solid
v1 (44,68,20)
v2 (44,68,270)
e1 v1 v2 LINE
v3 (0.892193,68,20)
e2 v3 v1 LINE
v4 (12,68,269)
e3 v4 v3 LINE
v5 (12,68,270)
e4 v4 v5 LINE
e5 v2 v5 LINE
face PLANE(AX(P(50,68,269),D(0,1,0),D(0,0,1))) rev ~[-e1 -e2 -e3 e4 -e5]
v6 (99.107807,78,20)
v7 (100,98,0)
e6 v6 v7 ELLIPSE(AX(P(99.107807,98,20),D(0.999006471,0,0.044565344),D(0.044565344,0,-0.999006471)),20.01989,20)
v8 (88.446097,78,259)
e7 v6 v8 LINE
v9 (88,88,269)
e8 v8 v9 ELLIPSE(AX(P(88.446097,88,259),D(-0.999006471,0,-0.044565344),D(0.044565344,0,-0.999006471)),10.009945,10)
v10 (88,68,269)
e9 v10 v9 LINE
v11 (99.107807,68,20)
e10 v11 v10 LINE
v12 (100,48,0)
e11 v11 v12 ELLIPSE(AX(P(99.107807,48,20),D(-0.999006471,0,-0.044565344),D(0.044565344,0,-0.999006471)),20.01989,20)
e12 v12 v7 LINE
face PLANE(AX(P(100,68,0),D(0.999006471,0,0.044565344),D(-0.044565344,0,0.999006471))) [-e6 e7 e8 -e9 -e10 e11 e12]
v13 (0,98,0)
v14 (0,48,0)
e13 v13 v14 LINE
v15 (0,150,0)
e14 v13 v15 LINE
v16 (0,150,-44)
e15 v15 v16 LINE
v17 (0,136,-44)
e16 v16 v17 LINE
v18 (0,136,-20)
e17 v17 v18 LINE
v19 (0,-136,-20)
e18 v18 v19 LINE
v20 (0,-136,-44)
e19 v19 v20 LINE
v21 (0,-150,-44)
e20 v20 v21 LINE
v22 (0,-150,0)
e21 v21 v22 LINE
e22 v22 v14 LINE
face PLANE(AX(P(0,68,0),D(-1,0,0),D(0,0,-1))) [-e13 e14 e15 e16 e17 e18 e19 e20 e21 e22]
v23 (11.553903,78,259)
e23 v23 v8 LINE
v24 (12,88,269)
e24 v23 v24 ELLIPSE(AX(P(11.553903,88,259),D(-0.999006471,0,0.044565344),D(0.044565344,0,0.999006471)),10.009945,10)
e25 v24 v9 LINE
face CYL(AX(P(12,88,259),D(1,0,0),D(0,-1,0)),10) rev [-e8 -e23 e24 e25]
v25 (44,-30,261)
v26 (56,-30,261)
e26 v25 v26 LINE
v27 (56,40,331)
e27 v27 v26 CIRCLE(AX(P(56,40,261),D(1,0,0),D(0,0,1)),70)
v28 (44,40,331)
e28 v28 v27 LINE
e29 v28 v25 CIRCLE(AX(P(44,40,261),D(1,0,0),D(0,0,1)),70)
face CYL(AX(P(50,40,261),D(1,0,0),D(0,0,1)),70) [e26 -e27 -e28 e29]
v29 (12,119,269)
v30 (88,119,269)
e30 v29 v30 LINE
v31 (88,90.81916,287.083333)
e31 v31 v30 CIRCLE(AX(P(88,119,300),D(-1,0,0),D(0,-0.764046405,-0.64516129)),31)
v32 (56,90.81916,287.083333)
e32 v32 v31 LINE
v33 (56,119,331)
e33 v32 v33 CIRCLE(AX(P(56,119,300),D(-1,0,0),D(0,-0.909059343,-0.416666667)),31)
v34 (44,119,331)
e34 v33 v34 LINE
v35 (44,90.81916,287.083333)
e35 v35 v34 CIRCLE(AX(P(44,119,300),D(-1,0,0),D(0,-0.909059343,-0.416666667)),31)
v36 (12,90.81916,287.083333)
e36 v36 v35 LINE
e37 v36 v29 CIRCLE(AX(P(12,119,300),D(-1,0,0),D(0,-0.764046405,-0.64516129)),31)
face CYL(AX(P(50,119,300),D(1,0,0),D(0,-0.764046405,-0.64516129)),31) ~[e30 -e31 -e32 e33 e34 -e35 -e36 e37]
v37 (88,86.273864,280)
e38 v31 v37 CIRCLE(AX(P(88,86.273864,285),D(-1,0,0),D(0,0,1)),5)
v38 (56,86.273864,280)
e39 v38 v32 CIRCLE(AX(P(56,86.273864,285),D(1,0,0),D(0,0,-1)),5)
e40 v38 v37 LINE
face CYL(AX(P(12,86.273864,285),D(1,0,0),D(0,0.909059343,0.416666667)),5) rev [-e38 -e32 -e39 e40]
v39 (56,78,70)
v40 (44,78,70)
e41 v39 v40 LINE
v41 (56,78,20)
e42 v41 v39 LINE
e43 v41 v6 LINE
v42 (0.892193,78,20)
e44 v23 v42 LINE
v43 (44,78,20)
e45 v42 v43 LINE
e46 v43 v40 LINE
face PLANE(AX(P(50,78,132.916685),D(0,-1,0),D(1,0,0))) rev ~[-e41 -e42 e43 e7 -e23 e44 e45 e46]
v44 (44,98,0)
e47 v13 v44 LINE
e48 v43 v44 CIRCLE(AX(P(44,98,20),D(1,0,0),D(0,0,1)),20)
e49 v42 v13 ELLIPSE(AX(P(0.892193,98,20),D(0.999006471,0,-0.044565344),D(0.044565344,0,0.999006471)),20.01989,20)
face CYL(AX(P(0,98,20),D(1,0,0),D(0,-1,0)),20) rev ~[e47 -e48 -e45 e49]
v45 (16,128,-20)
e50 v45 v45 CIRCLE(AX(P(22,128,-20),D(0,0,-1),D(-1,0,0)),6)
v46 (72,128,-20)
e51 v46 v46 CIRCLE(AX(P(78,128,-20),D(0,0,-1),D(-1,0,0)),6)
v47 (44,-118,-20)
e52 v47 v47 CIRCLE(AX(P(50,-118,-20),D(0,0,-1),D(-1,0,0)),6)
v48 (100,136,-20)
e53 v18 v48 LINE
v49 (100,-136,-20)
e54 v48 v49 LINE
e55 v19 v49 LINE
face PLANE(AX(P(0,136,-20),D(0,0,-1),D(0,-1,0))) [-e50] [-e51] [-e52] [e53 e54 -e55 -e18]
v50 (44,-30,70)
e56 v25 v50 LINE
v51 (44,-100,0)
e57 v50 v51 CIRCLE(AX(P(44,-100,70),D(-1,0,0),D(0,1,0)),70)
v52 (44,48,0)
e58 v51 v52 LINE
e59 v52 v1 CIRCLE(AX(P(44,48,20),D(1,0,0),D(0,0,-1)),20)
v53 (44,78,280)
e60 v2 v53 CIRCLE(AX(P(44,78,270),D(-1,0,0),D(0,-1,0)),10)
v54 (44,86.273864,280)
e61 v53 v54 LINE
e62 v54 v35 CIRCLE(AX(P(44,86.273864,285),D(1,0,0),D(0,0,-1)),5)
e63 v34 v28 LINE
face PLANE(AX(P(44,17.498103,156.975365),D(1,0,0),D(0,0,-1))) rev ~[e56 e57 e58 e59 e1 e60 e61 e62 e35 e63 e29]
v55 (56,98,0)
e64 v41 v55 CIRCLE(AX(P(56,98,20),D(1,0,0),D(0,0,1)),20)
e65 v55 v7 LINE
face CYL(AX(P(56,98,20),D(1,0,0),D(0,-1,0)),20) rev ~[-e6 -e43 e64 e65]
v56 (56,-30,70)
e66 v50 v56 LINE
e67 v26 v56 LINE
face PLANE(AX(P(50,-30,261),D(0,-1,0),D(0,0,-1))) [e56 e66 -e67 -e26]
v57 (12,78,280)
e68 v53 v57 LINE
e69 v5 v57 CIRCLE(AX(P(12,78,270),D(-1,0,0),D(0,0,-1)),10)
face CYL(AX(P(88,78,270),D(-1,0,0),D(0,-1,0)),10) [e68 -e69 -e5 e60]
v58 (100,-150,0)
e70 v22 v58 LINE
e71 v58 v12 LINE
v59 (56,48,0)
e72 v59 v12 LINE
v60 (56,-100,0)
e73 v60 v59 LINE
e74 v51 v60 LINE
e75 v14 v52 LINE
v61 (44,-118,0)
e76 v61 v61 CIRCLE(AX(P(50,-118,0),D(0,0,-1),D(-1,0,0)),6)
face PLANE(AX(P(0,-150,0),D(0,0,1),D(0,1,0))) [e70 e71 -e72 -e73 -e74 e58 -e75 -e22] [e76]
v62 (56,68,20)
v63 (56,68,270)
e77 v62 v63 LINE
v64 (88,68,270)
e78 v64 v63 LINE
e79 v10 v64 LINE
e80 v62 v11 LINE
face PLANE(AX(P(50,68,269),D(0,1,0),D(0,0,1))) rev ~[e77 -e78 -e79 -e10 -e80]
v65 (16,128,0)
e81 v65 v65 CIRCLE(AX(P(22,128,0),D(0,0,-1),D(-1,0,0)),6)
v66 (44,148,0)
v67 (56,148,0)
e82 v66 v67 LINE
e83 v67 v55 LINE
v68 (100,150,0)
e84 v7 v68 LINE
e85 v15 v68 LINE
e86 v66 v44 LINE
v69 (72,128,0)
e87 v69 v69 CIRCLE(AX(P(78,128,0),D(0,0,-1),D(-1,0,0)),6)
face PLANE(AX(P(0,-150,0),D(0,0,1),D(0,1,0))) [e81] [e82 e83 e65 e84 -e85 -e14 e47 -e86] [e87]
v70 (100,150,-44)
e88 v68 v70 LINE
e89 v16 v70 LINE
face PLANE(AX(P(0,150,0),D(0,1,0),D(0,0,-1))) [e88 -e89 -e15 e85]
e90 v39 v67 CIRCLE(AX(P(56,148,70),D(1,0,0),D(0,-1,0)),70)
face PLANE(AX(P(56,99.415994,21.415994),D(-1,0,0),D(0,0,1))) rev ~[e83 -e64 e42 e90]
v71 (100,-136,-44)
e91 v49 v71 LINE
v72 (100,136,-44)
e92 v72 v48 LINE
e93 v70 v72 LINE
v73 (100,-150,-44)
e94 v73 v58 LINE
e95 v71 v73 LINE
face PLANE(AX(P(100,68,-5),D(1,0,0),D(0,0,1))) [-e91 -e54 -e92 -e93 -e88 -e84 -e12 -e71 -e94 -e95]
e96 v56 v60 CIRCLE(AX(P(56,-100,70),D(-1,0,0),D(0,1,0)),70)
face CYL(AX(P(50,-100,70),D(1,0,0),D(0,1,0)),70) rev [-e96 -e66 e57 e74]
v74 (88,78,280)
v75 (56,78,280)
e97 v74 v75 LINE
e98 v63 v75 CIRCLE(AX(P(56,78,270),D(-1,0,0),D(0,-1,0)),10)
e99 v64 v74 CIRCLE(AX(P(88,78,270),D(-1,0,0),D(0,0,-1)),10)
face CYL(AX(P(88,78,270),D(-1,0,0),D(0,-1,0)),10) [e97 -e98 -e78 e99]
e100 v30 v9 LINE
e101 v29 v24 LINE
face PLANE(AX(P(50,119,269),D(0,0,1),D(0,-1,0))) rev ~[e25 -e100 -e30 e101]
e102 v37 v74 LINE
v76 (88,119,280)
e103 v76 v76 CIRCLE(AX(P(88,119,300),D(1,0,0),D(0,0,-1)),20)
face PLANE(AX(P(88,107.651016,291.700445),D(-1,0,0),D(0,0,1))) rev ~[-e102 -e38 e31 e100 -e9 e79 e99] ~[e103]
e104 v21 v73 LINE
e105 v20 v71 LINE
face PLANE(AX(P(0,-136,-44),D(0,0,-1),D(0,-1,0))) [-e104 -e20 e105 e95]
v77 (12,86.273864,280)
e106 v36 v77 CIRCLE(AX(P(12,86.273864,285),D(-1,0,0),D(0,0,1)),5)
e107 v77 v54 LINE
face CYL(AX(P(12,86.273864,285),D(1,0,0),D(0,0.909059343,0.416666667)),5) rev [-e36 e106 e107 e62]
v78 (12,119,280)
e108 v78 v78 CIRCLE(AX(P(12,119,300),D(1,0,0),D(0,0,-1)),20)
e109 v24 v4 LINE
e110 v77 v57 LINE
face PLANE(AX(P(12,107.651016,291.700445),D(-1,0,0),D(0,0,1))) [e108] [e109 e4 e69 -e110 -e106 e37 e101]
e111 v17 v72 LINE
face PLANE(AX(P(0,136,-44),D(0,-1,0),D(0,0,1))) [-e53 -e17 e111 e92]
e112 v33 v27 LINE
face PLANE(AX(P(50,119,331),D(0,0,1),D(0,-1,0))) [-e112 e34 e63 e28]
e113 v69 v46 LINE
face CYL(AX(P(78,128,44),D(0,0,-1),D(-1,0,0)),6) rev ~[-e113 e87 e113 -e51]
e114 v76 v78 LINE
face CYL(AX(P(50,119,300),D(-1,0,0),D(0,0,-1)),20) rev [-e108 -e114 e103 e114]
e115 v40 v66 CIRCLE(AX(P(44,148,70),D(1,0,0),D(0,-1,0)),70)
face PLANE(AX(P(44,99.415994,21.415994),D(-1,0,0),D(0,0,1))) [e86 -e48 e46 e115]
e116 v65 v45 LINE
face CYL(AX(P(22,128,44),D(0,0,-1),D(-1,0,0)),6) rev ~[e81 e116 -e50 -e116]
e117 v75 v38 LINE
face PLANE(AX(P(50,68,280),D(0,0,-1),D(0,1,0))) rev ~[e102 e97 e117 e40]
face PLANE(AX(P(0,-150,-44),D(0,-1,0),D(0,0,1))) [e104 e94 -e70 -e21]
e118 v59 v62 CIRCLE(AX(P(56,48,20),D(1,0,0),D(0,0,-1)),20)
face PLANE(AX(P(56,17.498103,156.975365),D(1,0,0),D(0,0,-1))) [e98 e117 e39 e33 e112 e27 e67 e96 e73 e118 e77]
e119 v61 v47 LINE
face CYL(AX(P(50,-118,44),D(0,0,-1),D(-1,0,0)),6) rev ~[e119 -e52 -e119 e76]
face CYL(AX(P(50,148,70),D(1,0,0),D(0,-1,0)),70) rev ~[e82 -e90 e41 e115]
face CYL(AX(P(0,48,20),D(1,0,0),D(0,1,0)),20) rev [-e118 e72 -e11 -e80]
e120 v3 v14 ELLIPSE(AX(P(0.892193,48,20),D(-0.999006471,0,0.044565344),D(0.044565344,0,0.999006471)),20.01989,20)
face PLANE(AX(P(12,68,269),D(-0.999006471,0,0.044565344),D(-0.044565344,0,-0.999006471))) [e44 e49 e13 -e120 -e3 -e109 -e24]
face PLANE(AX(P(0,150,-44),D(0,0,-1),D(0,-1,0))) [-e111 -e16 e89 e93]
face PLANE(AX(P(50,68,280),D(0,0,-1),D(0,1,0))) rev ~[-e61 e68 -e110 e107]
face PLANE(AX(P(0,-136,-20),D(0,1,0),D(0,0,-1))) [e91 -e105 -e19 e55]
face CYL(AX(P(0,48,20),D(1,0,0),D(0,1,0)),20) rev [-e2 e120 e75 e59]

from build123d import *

# Parameters (mm, degrees)
BOSS_EXTRUDE1_DEPTH = 100
SKETCH4_R           = 20
BOSS_EXTRUDE3_DEPTH = 38
BOSS_EXTRUDE4_DEPTH = 10
FILLET1_R           = 10
FILLET2_R           = 5
BOSS_EXTRUDE5_DEPTH = 6
FILLET3_R           = 20
BOSS_EXTRUDE6_DEPTH = 6
HOLE1_D             = 12
HOLE1_DEPTH         = 44


with BuildPart() as part:
    # Sketch1 → Boss-Extrude1 (new body)
    with BuildSketch(Plane(origin=(0, 0, 0), x_dir=(0, 0, -1), z_dir=(1, 0, 0))):
        Polygon((20, -136), (44, -136), (44, -150), (0, -150), (0, 150), (44, 150), (44, 136), (20, 136), align=None)
    extrude(amount=BOSS_EXTRUDE1_DEPTH)



with BuildPart() as body_2:
    # Sketch4 → Boss-Extrude3 (new, symmetric)
    with BuildSketch(Plane(origin=(50, 0, 0), x_dir=(0, 0, -1), z_dir=(1, 0, 0))):
        with BuildLine():
            Line((-269, 119), (-269, 68))
            Line((-269, 68), (-280, 68))
            Line((-280, 68), (-280, 95.314561435))
            ThreePointArc((-280, 95.314561435), (-328.115831839, 132.057564857), (-269, 119))
        make_face()
        with Locations((-300, 119)):
            Circle(SKETCH4_R, mode=Mode.SUBTRACT)
    extrude(amount=BOSS_EXTRUDE3_DEPTH, both=True)


with BuildPart() as part_1:
    add(part.part)

    add(body_2.part)  # Boss-Extrude4 merges body 2
    # Sketch7 → Boss-Extrude4 (add)
    with BuildSketch(Plane.XZ.offset(-68)):
        Polygon((88, 280), (12, 280), (12, 269), (0, 0), (0, -5), (100, -5), (100, 0), (88, 269), align=None)
    extrude(amount=-BOSS_EXTRUDE4_DEPTH)

    # Fillet1
    fillet1_edges = [part_1.edges().sort_by_distance(p)[0] for p in [
        (50, 68, 280),
        (50, 78, 269),
    ]]
    fillet(fillet1_edges, radius=FILLET1_R)

    # Fillet2
    fillet2_edges = [part_1.edges().sort_by_distance(p)[0] for p in [
        (50, 95.314561435, 280),
    ]]
    fillet(fillet2_edges, radius=FILLET2_R)

    # Sketch8 → Boss-Extrude5 (add, symmetric)
    with BuildSketch(Plane(origin=(50, 0, 0), x_dir=(0, 0, -1), z_dir=(1, 0, 0))):
        with BuildLine():
            Line((0, 78), (-70, 78))
            ThreePointArc((-70, 78), (-20.502525317, 98.502525317), (0, 148))
            Line((0, 148), (0, 78))
        make_face()
    extrude(amount=BOSS_EXTRUDE5_DEPTH, both=True)

    # Fillet3
    fillet3_edges = [part_1.edges().sort_by_distance(p)[0] for p in [
        (78, 78, 0),
        (50, 68, 0),
        (22, 78, 0),
    ]]
    fillet(fillet3_edges, radius=FILLET3_R)

    # Sketch10 → Boss-Extrude6 (add, symmetric)
    with BuildSketch(Plane(origin=(50, 0, 0), x_dir=(0, 0, -1), z_dir=(1, 0, 0))):
        with BuildLine():
            Line((-331, 119), (-331, 40))
            ThreePointArc((-331, 40), (-310.497474683, -9.497474683), (-261, -30))
            Line((-261, -30), (-70, -30))
            ThreePointArc((-70, -30), (-20.502525317, -50.502525317), (0, -100))
            Line((0, -100), (0, 48))
            ThreePointArc((0, 48), (-5.857864376, 62.142135624), (-20, 68))
            Line((-20, 68), (-269, 68))
            Line((-269, 68), (-270, 68))
            ThreePointArc((-270, 68), (-277.071067812, 70.928932188), (-280, 78))
            Line((-280, 78), (-280, 86.273863656))
            ThreePointArc((-280, 86.273863656), (-282.299691376, 90.481990714), (-287.083333333, 90.819160371))
            ThreePointArc((-287.083333333, 90.819160371), (-316.741913471, 92.909612243), (-331, 119))
        make_face()
    extrude(amount=BOSS_EXTRUDE6_DEPTH, both=True)

    # Hole1
    with Locations(Plane.XY):
        with Locations((50, -118), (22, 128), (78, 128)):
            Hole(HOLE1_D / 2, depth=HOLE1_DEPTH)


solid = part_1.part
